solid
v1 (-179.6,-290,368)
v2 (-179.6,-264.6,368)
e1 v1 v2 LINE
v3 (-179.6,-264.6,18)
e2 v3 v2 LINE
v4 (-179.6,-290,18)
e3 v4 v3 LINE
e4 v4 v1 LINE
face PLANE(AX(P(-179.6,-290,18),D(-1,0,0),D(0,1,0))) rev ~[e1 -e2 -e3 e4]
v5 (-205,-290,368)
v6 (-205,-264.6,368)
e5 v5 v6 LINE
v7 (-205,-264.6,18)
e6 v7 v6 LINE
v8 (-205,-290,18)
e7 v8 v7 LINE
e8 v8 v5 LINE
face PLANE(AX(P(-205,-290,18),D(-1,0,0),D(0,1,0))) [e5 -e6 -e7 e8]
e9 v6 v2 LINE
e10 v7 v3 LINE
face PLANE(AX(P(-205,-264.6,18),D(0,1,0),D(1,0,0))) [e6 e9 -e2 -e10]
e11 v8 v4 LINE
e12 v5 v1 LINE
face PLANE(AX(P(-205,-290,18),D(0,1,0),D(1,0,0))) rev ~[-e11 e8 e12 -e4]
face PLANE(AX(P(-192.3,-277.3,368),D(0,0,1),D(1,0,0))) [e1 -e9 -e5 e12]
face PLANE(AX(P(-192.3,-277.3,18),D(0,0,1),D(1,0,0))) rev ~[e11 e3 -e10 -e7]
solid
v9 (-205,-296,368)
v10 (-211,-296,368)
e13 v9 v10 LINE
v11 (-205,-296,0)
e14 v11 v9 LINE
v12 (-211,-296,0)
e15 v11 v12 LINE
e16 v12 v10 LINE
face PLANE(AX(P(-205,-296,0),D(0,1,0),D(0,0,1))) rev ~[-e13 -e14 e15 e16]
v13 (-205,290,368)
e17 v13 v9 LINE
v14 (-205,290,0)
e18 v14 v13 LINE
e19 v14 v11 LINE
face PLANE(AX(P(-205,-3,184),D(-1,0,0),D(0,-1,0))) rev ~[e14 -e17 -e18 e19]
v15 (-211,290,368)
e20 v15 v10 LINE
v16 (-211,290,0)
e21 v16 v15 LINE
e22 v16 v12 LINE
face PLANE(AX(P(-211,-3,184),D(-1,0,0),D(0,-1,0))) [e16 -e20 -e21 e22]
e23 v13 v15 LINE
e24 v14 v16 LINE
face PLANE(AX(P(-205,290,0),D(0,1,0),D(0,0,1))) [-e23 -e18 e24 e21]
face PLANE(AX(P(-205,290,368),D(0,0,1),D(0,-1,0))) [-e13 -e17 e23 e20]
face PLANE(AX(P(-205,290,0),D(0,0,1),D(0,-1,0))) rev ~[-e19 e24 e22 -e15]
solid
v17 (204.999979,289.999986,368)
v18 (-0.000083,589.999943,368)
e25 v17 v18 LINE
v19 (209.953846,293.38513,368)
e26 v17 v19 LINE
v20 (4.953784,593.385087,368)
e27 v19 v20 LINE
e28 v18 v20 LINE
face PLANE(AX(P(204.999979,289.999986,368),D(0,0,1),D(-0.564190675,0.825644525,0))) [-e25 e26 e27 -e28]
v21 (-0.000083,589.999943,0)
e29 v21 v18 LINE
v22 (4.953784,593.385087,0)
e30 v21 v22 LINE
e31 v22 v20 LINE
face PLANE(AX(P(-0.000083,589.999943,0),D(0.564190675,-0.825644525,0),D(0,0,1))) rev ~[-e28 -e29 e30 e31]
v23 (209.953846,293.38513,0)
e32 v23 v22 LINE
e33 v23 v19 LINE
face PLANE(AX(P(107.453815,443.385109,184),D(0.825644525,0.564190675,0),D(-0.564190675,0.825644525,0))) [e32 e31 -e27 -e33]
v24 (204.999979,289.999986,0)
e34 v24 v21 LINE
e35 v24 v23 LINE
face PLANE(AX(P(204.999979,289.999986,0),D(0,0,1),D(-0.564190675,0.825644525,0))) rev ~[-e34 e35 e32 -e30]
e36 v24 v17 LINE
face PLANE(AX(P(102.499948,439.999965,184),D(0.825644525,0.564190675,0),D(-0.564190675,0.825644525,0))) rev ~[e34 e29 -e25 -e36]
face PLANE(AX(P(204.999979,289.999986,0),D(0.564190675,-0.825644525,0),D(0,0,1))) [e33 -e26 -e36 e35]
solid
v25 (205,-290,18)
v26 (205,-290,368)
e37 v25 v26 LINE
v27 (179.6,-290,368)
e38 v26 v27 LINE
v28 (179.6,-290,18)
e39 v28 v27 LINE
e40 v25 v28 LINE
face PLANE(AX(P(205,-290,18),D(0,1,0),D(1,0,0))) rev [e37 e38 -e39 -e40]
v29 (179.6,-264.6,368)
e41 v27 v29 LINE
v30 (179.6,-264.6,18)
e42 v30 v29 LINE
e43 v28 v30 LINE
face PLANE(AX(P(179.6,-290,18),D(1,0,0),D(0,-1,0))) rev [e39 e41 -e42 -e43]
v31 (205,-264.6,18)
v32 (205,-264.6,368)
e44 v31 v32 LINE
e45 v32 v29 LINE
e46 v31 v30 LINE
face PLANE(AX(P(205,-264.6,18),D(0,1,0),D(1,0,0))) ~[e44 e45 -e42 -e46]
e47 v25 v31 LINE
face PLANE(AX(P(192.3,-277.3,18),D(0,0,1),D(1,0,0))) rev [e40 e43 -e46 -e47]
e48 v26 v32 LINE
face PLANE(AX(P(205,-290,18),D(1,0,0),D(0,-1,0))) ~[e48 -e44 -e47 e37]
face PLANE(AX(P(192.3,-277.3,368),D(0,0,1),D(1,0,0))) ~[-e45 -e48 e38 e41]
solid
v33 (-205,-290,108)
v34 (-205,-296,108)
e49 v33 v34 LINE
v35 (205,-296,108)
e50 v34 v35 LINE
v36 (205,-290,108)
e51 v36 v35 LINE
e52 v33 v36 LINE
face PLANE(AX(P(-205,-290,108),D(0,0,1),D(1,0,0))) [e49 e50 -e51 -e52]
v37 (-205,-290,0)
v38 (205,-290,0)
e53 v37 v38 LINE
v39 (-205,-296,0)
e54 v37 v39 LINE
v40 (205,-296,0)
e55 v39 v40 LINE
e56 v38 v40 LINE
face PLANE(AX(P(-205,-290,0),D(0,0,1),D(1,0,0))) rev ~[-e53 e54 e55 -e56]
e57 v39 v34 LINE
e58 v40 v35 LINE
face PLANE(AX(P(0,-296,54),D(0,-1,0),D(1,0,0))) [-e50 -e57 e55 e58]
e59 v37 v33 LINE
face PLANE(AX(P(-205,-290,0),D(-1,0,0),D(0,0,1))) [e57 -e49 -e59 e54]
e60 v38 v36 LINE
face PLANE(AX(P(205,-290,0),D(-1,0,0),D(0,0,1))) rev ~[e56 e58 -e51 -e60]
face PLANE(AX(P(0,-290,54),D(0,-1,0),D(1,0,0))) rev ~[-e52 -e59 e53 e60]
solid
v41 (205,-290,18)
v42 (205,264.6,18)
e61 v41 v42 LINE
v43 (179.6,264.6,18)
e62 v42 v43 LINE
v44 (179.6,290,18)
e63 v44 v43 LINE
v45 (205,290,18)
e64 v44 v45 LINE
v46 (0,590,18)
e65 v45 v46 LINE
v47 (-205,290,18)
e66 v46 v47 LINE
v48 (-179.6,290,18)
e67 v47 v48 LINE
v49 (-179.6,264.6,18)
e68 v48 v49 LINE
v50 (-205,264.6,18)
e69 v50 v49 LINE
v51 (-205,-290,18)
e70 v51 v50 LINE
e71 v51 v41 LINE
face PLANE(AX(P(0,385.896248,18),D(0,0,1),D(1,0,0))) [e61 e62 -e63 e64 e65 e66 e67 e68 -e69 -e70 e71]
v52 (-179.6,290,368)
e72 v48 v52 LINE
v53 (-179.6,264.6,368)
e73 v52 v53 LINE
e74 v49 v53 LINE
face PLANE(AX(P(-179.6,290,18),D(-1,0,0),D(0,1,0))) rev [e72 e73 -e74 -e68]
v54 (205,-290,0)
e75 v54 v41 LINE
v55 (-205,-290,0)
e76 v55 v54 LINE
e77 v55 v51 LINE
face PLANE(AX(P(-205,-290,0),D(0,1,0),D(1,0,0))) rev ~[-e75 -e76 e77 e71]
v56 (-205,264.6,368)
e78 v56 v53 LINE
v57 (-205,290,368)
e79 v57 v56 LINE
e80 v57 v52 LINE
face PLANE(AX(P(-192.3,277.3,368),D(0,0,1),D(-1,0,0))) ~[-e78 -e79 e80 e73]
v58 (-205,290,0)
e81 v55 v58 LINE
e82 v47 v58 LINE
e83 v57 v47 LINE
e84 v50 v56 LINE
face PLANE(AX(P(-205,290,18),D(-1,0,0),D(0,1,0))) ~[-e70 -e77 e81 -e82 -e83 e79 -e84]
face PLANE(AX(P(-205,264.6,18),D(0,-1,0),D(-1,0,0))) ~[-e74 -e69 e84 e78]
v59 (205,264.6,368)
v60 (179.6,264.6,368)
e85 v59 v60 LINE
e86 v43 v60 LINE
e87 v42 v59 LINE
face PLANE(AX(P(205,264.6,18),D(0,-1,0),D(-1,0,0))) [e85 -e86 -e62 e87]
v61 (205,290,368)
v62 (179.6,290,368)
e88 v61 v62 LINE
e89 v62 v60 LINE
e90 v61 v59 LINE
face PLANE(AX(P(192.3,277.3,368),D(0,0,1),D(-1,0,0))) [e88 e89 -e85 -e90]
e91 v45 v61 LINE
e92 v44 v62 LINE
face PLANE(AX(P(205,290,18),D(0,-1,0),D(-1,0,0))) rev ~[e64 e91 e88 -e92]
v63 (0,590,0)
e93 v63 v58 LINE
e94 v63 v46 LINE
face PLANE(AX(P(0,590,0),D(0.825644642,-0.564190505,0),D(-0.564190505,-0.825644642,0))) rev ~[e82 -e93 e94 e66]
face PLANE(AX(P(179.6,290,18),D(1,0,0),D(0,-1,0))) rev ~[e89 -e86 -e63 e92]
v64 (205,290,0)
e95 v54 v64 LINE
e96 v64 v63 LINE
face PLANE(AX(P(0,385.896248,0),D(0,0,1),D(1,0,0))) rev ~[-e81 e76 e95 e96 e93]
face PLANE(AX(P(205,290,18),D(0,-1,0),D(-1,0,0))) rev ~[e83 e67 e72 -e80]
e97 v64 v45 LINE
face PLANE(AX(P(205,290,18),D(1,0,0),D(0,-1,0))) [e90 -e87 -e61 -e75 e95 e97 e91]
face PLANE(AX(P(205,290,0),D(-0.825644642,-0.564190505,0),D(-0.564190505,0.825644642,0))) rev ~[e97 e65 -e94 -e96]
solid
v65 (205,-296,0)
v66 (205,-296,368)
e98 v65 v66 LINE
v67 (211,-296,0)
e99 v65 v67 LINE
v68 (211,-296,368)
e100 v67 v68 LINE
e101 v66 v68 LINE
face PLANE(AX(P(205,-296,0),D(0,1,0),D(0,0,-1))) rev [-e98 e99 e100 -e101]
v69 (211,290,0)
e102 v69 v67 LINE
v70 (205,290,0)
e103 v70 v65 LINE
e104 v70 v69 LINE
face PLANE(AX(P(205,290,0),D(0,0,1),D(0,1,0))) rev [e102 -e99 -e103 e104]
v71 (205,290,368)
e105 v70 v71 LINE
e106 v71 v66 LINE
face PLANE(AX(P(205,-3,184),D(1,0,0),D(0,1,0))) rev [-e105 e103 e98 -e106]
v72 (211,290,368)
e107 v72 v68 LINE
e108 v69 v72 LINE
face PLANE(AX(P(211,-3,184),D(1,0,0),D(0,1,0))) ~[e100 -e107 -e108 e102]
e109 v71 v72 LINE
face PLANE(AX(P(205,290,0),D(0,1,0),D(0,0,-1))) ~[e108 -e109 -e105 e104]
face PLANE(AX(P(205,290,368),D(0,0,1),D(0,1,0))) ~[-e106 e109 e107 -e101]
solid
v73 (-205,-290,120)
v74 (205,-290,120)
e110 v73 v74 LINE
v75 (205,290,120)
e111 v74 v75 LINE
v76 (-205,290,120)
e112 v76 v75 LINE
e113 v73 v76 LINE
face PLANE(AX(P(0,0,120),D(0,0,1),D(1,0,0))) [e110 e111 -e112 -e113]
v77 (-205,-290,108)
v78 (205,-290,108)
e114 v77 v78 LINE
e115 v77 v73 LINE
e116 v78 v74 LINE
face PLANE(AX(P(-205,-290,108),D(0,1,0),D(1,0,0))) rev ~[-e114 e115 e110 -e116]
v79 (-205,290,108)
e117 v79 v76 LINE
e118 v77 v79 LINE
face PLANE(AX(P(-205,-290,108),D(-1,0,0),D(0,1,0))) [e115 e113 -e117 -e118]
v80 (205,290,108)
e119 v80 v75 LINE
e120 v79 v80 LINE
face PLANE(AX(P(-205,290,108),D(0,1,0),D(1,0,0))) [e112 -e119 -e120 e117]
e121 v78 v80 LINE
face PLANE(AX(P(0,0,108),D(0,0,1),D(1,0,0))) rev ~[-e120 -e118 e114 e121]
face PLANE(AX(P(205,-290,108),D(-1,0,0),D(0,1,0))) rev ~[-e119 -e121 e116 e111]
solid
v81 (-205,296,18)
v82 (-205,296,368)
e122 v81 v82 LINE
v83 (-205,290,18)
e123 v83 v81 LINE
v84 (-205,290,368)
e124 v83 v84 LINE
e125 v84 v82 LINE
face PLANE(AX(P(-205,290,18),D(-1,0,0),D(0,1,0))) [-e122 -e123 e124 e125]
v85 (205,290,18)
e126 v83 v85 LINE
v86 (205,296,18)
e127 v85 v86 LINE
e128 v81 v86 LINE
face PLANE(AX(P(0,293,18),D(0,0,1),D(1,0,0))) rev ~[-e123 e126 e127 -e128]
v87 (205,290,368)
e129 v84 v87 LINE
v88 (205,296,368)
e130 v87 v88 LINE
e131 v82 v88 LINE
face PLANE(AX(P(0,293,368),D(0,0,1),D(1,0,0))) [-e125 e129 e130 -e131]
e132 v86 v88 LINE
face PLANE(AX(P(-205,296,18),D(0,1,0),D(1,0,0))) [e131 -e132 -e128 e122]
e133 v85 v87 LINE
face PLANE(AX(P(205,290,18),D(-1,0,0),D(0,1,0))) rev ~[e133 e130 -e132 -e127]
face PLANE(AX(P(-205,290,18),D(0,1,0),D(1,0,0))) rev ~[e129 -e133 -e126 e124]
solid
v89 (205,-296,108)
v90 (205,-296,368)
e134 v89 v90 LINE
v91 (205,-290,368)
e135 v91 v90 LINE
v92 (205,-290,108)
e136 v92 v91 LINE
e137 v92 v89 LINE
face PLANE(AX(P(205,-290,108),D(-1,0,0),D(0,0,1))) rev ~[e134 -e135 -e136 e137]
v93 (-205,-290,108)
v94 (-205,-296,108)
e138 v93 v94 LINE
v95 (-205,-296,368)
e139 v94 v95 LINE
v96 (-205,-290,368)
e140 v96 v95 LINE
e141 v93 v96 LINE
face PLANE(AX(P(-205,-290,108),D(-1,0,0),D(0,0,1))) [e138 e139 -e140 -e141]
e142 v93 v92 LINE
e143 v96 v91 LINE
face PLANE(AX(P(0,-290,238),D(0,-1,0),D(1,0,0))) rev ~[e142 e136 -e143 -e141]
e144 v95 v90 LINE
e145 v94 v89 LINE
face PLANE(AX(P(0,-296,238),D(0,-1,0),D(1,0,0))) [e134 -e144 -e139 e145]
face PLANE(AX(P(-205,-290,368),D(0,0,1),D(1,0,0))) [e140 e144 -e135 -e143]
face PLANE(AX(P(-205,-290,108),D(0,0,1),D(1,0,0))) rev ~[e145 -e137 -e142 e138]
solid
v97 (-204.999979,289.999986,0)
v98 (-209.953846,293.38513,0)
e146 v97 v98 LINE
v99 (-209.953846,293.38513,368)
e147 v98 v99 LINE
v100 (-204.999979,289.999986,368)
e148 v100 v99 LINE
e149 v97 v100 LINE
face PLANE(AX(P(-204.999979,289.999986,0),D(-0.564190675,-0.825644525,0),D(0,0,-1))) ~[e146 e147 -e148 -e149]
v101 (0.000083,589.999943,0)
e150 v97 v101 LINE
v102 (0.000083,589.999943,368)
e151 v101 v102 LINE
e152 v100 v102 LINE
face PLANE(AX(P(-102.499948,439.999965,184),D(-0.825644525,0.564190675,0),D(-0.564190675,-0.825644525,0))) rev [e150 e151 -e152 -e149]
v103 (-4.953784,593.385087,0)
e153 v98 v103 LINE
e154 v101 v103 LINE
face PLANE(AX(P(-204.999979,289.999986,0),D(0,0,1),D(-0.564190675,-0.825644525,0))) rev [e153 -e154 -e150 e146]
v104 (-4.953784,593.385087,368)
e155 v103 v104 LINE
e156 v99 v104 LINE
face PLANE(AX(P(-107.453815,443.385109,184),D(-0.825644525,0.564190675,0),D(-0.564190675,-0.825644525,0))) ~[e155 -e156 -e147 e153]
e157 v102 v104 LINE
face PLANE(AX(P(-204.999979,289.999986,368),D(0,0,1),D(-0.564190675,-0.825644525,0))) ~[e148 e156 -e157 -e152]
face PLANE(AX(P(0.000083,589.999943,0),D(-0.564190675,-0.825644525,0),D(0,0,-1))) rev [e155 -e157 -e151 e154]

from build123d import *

# Parameters (mm, degrees)
F0_W      = 410
F0_H      = 580
F1_DEPTH  = 18
F2_W      = 25.4
F2_H      = 25.4
F3_DEPTH  = 350
F7_W      = 410
F7_H      = 580
F8_DEPTH  = 12
F10_DEPTH = 18
F11_W     = 410
F11_H     = 108
F12_DEPTH = 6
F13_W     = 410
F13_H     = 260
F14_DEPTH = 6
F15_W     = 586
F15_H     = 368
F16_DEPTH = 6
F18_W     = 363.352445
F18_H     = 368
F19_DEPTH = 6
F21_W     = 410
F21_H     = 6
F22_DEPTH = 350


with BuildPart() as f1:
    # F0 (on Top) → F1 (new body)
    with BuildSketch(Plane.XY):
        Rectangle(F0_W, F0_H)
    extrude(amount=F1_DEPTH)



with BuildPart() as f3:
    # F2 (on face) → F3 (new body)
    with BuildSketch(Plane.XY.offset(18)):
        with Locations((-192.3, -277.3)):
            Rectangle(F2_W, F2_H)
    extrude(amount=F3_DEPTH)


with BuildPart() as f4_1:
    # F4: instance of F3
    add(f3.part.mirror(Plane.XZ))


with BuildPart() as f5_1:
    # F5: instance of F4_1
    add(f4_1.part.mirror(Plane.YZ))


with BuildPart() as f5_2:
    # F5: instance of F3
    add(f3.part.mirror(Plane.YZ))


with BuildPart() as f8:
    # F7 (on offset) → F8 (new body)
    with BuildSketch(Plane.XY.offset(108)):
        Rectangle(F7_W, F7_H)
    extrude(amount=F8_DEPTH)


with BuildPart() as f1_1:
    add(f1.part)

    add(f4_1.part)  # F10 merges F4_1

    add(f5_1.part)  # F10 merges F5_1
    # F9 (on Top) → F10 (join)
    with BuildSketch(Plane.XY):
        Polygon((205, 290), (0, 590), (-205, 290), align=None)
    extrude(amount=F10_DEPTH)


with BuildPart() as f12:
    # F11 (on face) → F12 (new body)
    with BuildSketch(Plane.XZ.offset(290)):
        with Locations((0, 54)):
            Rectangle(F11_W, F11_H)
    extrude(amount=F12_DEPTH)


with BuildPart() as f14:
    # F13 (on face) → F14 (new body)
    with BuildSketch(Plane.XZ.offset(290)):
        with Locations((0, 238)):
            Rectangle(F13_W, F13_H)
    extrude(amount=F14_DEPTH)


with BuildPart() as f16:
    # F15 (on face) → F16 (new body)
    with BuildSketch(Plane(origin=(-205, 0, 0), x_dir=(0, -1, 0), z_dir=(-1, 0, 0))):
        with Locations((3, 184)):
            Rectangle(F15_W, F15_H)
    extrude(amount=F16_DEPTH)


with BuildPart() as f17_1:
    # F17: instance of F16
    add(f16.part.mirror(Plane.YZ))


with BuildPart() as f19:
    # F18 (on face) → F19 (new body)
    with BuildSketch(Plane(origin=(274.834312, 187.803446, 0), x_dir=(-0.564191, 0.825645, 0), z_dir=(0.825645, 0.564191, 0))):
        with Locations((305.454116, 184)):
            Rectangle(F18_W, F18_H)
    extrude(amount=F19_DEPTH)


with BuildPart() as f20_1:
    # F20: instance of F19
    add(f19.part.mirror(Plane.YZ))


with BuildPart() as f22:
    # F21 (on face) → F22 (new body)
    with BuildSketch(Plane.XY.offset(18)):
        with Locations((0, 293)):
            Rectangle(F21_W, F21_H)
    extrude(amount=F22_DEPTH)


solid = Compound([f3.part, f5_2.part, f8.part, f1_1.part, f12.part, f14.part, f16.part, f17_1.part, f19.part, f20_1.part, f22.part])
